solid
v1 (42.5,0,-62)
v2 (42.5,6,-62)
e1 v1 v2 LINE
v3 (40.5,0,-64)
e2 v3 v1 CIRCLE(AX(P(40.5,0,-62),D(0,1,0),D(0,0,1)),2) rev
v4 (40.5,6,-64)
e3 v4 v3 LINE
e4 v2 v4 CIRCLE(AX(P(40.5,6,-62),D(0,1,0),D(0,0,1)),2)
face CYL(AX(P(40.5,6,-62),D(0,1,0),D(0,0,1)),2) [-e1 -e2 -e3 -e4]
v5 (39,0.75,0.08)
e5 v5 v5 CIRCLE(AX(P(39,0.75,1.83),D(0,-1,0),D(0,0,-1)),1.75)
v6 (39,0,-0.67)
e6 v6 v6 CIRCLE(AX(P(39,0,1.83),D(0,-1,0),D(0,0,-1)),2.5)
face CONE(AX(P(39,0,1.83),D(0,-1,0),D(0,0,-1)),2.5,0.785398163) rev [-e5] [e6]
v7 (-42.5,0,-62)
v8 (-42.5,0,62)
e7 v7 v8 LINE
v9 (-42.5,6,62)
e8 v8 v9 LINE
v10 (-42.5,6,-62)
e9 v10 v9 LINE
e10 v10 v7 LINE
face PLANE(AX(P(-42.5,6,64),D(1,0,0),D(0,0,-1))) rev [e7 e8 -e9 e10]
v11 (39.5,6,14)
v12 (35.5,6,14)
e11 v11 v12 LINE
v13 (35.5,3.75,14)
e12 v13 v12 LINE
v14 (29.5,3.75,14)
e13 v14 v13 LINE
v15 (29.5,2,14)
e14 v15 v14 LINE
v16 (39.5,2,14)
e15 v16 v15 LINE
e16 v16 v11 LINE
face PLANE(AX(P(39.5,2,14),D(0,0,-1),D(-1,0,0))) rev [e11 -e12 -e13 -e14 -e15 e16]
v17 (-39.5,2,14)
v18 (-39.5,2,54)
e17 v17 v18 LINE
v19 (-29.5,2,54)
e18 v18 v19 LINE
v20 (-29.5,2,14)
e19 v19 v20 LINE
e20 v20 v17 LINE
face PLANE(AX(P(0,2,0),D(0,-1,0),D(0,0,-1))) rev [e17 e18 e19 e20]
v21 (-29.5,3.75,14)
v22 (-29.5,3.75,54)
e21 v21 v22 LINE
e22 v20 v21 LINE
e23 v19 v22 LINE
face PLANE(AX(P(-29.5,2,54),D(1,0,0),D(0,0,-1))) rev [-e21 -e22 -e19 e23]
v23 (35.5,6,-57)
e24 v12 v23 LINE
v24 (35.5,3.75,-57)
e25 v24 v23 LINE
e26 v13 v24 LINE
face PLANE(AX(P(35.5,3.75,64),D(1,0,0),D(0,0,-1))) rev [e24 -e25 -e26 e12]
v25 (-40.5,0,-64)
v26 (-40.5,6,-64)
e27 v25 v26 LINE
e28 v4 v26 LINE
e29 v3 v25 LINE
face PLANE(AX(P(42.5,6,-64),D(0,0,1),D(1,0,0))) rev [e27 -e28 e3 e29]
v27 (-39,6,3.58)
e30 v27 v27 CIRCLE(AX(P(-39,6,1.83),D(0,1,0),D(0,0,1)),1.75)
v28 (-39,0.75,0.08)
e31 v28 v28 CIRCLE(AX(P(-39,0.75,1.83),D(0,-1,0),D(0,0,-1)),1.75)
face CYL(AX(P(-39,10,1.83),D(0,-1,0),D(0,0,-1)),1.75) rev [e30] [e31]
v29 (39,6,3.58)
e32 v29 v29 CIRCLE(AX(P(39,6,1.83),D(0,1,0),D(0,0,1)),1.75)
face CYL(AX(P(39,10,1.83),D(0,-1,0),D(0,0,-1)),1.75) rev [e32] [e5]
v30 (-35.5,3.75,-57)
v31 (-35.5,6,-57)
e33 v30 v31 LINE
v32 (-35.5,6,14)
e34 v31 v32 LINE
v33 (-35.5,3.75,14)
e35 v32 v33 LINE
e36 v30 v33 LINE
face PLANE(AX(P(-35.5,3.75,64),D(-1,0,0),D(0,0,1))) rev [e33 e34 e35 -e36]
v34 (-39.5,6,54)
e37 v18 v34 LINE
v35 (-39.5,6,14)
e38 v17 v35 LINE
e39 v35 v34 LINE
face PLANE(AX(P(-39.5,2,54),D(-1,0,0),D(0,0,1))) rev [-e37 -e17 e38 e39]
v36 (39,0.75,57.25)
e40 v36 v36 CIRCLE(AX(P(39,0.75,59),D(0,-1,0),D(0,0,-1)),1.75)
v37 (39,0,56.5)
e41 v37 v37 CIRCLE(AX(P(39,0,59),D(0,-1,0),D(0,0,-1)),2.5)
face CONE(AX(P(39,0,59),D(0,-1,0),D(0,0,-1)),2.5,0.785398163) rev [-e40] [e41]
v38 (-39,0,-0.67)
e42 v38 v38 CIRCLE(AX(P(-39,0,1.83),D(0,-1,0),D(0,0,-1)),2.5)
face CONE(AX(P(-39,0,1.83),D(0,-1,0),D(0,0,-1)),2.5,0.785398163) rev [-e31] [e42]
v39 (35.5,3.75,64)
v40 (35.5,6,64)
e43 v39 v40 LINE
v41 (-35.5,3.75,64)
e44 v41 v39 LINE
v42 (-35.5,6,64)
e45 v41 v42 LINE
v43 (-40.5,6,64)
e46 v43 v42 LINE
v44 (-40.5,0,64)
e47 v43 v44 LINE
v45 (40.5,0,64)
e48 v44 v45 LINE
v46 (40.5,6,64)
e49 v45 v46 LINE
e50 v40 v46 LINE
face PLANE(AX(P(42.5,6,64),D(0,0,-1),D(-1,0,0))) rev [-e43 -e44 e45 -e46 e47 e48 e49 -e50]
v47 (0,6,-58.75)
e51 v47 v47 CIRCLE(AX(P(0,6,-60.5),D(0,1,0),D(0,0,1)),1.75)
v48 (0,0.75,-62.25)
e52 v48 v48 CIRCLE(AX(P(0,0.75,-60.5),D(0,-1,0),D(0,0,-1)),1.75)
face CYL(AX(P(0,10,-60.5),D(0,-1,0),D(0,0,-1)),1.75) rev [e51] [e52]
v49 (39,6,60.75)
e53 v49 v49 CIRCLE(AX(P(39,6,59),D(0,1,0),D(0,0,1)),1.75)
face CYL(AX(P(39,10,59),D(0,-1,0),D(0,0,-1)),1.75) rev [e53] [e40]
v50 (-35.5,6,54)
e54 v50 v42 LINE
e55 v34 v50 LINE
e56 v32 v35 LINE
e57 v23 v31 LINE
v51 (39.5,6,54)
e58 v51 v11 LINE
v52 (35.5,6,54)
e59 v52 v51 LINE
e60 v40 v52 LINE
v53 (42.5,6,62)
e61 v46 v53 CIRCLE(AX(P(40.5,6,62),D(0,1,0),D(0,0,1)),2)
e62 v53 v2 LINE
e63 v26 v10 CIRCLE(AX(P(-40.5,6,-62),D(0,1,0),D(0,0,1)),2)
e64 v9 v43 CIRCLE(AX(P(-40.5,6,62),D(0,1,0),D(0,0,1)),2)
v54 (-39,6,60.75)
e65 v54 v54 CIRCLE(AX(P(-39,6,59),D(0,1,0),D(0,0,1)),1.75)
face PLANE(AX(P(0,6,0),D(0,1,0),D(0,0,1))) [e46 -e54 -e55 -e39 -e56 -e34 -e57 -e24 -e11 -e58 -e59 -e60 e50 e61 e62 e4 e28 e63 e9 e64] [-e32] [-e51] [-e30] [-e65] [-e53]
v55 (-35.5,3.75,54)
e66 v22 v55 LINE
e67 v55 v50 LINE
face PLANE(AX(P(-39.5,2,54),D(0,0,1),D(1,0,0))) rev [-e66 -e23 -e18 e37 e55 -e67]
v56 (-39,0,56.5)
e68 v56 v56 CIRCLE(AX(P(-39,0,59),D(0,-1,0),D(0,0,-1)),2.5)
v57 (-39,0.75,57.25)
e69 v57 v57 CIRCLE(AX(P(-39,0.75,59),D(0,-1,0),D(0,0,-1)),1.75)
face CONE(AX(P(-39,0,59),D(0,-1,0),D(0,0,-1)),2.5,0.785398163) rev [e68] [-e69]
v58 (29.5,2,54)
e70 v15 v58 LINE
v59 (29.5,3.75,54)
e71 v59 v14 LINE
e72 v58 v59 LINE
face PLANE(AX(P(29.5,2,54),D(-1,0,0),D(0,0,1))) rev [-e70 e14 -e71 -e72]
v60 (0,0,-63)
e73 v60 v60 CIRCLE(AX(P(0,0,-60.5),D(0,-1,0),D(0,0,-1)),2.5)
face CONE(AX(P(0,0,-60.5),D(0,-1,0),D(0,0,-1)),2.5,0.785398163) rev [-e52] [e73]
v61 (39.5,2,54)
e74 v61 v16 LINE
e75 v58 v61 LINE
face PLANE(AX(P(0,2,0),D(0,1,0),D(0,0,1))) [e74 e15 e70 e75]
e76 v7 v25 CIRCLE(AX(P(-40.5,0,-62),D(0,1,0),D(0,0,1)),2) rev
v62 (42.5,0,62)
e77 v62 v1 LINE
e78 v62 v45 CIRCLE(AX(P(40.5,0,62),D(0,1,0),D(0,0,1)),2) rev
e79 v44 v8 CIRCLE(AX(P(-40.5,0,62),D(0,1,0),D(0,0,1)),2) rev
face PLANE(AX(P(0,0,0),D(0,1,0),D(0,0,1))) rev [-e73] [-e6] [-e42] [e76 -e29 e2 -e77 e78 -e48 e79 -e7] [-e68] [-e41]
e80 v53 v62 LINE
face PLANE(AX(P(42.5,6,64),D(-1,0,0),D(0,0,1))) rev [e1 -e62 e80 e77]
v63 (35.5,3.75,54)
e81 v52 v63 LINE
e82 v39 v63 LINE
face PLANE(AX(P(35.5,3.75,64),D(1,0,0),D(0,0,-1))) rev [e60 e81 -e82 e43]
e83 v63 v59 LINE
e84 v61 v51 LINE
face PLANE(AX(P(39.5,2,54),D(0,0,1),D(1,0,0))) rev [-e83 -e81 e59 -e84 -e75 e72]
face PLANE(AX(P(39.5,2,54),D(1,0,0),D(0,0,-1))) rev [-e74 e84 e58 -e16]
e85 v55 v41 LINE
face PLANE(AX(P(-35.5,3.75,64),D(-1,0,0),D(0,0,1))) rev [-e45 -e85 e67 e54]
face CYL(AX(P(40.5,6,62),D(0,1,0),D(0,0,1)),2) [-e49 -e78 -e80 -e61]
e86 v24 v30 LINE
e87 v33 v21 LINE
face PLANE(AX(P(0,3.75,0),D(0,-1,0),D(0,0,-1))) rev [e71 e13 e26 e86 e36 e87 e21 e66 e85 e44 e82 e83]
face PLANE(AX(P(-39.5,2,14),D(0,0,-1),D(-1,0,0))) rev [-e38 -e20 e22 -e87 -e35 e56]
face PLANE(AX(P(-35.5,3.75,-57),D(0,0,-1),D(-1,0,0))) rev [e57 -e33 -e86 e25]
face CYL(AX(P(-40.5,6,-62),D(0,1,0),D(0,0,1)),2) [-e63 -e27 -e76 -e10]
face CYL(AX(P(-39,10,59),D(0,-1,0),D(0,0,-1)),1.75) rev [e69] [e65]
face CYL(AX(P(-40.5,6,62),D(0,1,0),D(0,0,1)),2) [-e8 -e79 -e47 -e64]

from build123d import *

# Parameters (mm, degrees)
SKETCH1_W                  = 85
SKETCH1_H                  = 128
TOP_LID_DEPTH              = 6
SKETCH2_R                  = 1.75
SCREW_HOLE_DEPTH           = 10
SKETCH5_R                  = 2.5
SCREW_HEAD_DEPTH           = 2
SCREW_HEAD_DRAFT           = -45
SCREW_HEAD_PROFILE_2_DEPTH = 2
SCREW_HEAD_PROFILE_2_DRAFT = -45
SCREW_HEAD_PROFILE_3_DEPTH = 2
SCREW_HEAD_PROFILE_3_DRAFT = -45
SCREW_HEAD_PROFILE_4_DEPTH = 2
SCREW_HEAD_PROFILE_4_DRAFT = -45
SCREW_HEAD_PROFILE_5_DEPTH = 2
SCREW_HEAD_PROFILE_5_DRAFT = -45
SKETCH6_W                  = 71
SKETCH6_H                  = 121
DEVICE_CUT_OUT_DEPTH       = 2.25
SKETCH7_W                  = 10
SKETCH7_H                  = 40
SLIDERS_DEPTH              = 4
FILLET1_R                  = 2
FILLET2_R                  = 2
FILLET3_R                  = 2
FILLET4_R                  = 2


with BuildPart() as part:
    # Sketch1 → Top Lid (new body)
    with BuildSketch(Plane(origin=(0, 0, 0), x_dir=(1, 0, 0), z_dir=(0, 1, 0))):
        Rectangle(SKETCH1_W, SKETCH1_H)
    extrude(amount=TOP_LID_DEPTH)

    # Sketch2 → Screw Hole (cut)
    with BuildSketch(Plane.XZ):
        with Locations(Location((39, 59, 0), (0, 0, 270))):
            Circle(SKETCH2_R)
        with Locations(Location((-39, 59, 0), (0, 0, 270))):
            Circle(SKETCH2_R)
        with Locations(Location((-39, 1.83, 0), (0, 0, 270))):
            Circle(SKETCH2_R)
        with Locations(Location((39, 1.83, 0), (0, 0, 270))):
            Circle(SKETCH2_R)
        with Locations(Location((0, -60.5, 0), (0, 0, 270))):
            Circle(SKETCH2_R)
    extrude(amount=-SCREW_HOLE_DEPTH, mode=Mode.SUBTRACT)


with BuildPart() as screw_head_tool:
    # Sketch5 → Screw Head (with draft: the straight prism first)
    with BuildSketch(Plane.XZ):
        with Locations((39, 59)):
            Circle(SKETCH5_R)
    extrude(amount=-SCREW_HEAD_DEPTH)
    # Screw Head: the draft: its side faces are tilted about the plane it starts from
    screw_head_sides = [screw_head_tool.faces().sort_by_distance(p)[0] for p in [
        (36.5, 1, 59),
    ]]
    draft(screw_head_sides, Plane.XZ, SCREW_HEAD_DRAFT)


with BuildPart() as part_1:
    add(part.part)

    # Screw Head: cut by screw_head_tool
    add(screw_head_tool.part, mode=Mode.SUBTRACT)


with BuildPart() as screw_head_profile_2_tool:
    # Sketch5 → Screw Head profile 2 (with draft: the straight prism first)
    with BuildSketch(Plane.XZ):
        with Locations((-39, 59)):
            Circle(SKETCH5_R)
    extrude(amount=-SCREW_HEAD_PROFILE_2_DEPTH)
    # Screw Head profile 2: the draft: its side faces are tilted about the plane it starts from
    screw_head_profile_2_sides = [screw_head_profile_2_tool.faces().sort_by_distance(p)[0] for p in [
        (-41.5, 1, 59),
    ]]
    draft(screw_head_profile_2_sides, Plane.XZ, SCREW_HEAD_PROFILE_2_DRAFT)


with BuildPart() as part_2:
    add(part_1.part)

    # Screw Head profile 2: cut by screw_head_profile_2_tool
    add(screw_head_profile_2_tool.part, mode=Mode.SUBTRACT)


with BuildPart() as screw_head_profile_3_tool:
    # Sketch5 → Screw Head profile 3 (with draft: the straight prism first)
    with BuildSketch(Plane.XZ):
        with Locations((-39, 1.83)):
            Circle(SKETCH5_R)
    extrude(amount=-SCREW_HEAD_PROFILE_3_DEPTH)
    # Screw Head profile 3: the draft: its side faces are tilted about the plane it starts from
    screw_head_profile_3_sides = [screw_head_profile_3_tool.faces().sort_by_distance(p)[0] for p in [
        (-41.5, 1, 1.83),
    ]]
    draft(screw_head_profile_3_sides, Plane.XZ, SCREW_HEAD_PROFILE_3_DRAFT)


with BuildPart() as part_3:
    add(part_2.part)

    # Screw Head profile 3: cut by screw_head_profile_3_tool
    add(screw_head_profile_3_tool.part, mode=Mode.SUBTRACT)


with BuildPart() as screw_head_profile_4_tool:
    # Sketch5 → Screw Head profile 4 (with draft: the straight prism first)
    with BuildSketch(Plane.XZ):
        with Locations((39, 1.83)):
            Circle(SKETCH5_R)
    extrude(amount=-SCREW_HEAD_PROFILE_4_DEPTH)
    # Screw Head profile 4: the draft: its side faces are tilted about the plane it starts from
    screw_head_profile_4_sides = [screw_head_profile_4_tool.faces().sort_by_distance(p)[0] for p in [
        (36.5, 1, 1.83),
    ]]
    draft(screw_head_profile_4_sides, Plane.XZ, SCREW_HEAD_PROFILE_4_DRAFT)


with BuildPart() as part_4:
    add(part_3.part)

    # Screw Head profile 4: cut by screw_head_profile_4_tool
    add(screw_head_profile_4_tool.part, mode=Mode.SUBTRACT)


with BuildPart() as screw_head_profile_5_tool:
    # Sketch5 → Screw Head profile 5 (with draft: the straight prism first)
    with BuildSketch(Plane.XZ):
        with Locations((0, -60.5)):
            Circle(SKETCH5_R)
    extrude(amount=-SCREW_HEAD_PROFILE_5_DEPTH)
    # Screw Head profile 5: the draft: its side faces are tilted about the plane it starts from
    screw_head_profile_5_sides = [screw_head_profile_5_tool.faces().sort_by_distance(p)[0] for p in [
        (-2.5, 1, -60.5),
    ]]
    draft(screw_head_profile_5_sides, Plane.XZ, SCREW_HEAD_PROFILE_5_DRAFT)


with BuildPart() as part_5:
    add(part_4.part)

    # Screw Head profile 5: cut by screw_head_profile_5_tool
    add(screw_head_profile_5_tool.part, mode=Mode.SUBTRACT)

    # Sketch6 → Device cut out (cut)
    with BuildSketch(Plane(origin=(0, 6, 0), x_dir=(1, 0, 0), z_dir=(0, 1, 0))):
        with Locations((0, -3.5)):
            Rectangle(SKETCH6_W, SKETCH6_H)
    extrude(amount=-DEVICE_CUT_OUT_DEPTH, mode=Mode.SUBTRACT)

    # Sketch7 → Sliders (cut)
    with BuildSketch(Plane(origin=(0, 6, 0), x_dir=(1, 0, 0), z_dir=(0, 1, 0))):
        with Locations((34.5, -34)):
            Rectangle(SKETCH7_W, SKETCH7_H)
        with Locations((-34.5, -34)):
            Rectangle(SKETCH7_W, SKETCH7_H)
    extrude(amount=-SLIDERS_DEPTH, mode=Mode.SUBTRACT)

    # Fillet1
    fillet1_edges = [part_5.edges().sort_by_distance(p)[0] for p in [
        (42.5, 3, 64),
    ]]
    fillet(fillet1_edges, radius=FILLET1_R)

    # Fillet2
    fillet2_edges = [part_5.edges().sort_by_distance(p)[0] for p in [
        (42.5, 3, -64),
    ]]
    fillet(fillet2_edges, radius=FILLET2_R)

    # Fillet3
    fillet3_edges = [part_5.edges().sort_by_distance(p)[0] for p in [
        (-42.5, 3, -64),
    ]]
    fillet(fillet3_edges, radius=FILLET3_R)

    # Fillet4
    fillet4_edges = [part_5.edges().sort_by_distance(p)[0] for p in [
        (-42.5, 3, 64),
    ]]
    fillet(fillet4_edges, radius=FILLET4_R)


solid = part_5.part
